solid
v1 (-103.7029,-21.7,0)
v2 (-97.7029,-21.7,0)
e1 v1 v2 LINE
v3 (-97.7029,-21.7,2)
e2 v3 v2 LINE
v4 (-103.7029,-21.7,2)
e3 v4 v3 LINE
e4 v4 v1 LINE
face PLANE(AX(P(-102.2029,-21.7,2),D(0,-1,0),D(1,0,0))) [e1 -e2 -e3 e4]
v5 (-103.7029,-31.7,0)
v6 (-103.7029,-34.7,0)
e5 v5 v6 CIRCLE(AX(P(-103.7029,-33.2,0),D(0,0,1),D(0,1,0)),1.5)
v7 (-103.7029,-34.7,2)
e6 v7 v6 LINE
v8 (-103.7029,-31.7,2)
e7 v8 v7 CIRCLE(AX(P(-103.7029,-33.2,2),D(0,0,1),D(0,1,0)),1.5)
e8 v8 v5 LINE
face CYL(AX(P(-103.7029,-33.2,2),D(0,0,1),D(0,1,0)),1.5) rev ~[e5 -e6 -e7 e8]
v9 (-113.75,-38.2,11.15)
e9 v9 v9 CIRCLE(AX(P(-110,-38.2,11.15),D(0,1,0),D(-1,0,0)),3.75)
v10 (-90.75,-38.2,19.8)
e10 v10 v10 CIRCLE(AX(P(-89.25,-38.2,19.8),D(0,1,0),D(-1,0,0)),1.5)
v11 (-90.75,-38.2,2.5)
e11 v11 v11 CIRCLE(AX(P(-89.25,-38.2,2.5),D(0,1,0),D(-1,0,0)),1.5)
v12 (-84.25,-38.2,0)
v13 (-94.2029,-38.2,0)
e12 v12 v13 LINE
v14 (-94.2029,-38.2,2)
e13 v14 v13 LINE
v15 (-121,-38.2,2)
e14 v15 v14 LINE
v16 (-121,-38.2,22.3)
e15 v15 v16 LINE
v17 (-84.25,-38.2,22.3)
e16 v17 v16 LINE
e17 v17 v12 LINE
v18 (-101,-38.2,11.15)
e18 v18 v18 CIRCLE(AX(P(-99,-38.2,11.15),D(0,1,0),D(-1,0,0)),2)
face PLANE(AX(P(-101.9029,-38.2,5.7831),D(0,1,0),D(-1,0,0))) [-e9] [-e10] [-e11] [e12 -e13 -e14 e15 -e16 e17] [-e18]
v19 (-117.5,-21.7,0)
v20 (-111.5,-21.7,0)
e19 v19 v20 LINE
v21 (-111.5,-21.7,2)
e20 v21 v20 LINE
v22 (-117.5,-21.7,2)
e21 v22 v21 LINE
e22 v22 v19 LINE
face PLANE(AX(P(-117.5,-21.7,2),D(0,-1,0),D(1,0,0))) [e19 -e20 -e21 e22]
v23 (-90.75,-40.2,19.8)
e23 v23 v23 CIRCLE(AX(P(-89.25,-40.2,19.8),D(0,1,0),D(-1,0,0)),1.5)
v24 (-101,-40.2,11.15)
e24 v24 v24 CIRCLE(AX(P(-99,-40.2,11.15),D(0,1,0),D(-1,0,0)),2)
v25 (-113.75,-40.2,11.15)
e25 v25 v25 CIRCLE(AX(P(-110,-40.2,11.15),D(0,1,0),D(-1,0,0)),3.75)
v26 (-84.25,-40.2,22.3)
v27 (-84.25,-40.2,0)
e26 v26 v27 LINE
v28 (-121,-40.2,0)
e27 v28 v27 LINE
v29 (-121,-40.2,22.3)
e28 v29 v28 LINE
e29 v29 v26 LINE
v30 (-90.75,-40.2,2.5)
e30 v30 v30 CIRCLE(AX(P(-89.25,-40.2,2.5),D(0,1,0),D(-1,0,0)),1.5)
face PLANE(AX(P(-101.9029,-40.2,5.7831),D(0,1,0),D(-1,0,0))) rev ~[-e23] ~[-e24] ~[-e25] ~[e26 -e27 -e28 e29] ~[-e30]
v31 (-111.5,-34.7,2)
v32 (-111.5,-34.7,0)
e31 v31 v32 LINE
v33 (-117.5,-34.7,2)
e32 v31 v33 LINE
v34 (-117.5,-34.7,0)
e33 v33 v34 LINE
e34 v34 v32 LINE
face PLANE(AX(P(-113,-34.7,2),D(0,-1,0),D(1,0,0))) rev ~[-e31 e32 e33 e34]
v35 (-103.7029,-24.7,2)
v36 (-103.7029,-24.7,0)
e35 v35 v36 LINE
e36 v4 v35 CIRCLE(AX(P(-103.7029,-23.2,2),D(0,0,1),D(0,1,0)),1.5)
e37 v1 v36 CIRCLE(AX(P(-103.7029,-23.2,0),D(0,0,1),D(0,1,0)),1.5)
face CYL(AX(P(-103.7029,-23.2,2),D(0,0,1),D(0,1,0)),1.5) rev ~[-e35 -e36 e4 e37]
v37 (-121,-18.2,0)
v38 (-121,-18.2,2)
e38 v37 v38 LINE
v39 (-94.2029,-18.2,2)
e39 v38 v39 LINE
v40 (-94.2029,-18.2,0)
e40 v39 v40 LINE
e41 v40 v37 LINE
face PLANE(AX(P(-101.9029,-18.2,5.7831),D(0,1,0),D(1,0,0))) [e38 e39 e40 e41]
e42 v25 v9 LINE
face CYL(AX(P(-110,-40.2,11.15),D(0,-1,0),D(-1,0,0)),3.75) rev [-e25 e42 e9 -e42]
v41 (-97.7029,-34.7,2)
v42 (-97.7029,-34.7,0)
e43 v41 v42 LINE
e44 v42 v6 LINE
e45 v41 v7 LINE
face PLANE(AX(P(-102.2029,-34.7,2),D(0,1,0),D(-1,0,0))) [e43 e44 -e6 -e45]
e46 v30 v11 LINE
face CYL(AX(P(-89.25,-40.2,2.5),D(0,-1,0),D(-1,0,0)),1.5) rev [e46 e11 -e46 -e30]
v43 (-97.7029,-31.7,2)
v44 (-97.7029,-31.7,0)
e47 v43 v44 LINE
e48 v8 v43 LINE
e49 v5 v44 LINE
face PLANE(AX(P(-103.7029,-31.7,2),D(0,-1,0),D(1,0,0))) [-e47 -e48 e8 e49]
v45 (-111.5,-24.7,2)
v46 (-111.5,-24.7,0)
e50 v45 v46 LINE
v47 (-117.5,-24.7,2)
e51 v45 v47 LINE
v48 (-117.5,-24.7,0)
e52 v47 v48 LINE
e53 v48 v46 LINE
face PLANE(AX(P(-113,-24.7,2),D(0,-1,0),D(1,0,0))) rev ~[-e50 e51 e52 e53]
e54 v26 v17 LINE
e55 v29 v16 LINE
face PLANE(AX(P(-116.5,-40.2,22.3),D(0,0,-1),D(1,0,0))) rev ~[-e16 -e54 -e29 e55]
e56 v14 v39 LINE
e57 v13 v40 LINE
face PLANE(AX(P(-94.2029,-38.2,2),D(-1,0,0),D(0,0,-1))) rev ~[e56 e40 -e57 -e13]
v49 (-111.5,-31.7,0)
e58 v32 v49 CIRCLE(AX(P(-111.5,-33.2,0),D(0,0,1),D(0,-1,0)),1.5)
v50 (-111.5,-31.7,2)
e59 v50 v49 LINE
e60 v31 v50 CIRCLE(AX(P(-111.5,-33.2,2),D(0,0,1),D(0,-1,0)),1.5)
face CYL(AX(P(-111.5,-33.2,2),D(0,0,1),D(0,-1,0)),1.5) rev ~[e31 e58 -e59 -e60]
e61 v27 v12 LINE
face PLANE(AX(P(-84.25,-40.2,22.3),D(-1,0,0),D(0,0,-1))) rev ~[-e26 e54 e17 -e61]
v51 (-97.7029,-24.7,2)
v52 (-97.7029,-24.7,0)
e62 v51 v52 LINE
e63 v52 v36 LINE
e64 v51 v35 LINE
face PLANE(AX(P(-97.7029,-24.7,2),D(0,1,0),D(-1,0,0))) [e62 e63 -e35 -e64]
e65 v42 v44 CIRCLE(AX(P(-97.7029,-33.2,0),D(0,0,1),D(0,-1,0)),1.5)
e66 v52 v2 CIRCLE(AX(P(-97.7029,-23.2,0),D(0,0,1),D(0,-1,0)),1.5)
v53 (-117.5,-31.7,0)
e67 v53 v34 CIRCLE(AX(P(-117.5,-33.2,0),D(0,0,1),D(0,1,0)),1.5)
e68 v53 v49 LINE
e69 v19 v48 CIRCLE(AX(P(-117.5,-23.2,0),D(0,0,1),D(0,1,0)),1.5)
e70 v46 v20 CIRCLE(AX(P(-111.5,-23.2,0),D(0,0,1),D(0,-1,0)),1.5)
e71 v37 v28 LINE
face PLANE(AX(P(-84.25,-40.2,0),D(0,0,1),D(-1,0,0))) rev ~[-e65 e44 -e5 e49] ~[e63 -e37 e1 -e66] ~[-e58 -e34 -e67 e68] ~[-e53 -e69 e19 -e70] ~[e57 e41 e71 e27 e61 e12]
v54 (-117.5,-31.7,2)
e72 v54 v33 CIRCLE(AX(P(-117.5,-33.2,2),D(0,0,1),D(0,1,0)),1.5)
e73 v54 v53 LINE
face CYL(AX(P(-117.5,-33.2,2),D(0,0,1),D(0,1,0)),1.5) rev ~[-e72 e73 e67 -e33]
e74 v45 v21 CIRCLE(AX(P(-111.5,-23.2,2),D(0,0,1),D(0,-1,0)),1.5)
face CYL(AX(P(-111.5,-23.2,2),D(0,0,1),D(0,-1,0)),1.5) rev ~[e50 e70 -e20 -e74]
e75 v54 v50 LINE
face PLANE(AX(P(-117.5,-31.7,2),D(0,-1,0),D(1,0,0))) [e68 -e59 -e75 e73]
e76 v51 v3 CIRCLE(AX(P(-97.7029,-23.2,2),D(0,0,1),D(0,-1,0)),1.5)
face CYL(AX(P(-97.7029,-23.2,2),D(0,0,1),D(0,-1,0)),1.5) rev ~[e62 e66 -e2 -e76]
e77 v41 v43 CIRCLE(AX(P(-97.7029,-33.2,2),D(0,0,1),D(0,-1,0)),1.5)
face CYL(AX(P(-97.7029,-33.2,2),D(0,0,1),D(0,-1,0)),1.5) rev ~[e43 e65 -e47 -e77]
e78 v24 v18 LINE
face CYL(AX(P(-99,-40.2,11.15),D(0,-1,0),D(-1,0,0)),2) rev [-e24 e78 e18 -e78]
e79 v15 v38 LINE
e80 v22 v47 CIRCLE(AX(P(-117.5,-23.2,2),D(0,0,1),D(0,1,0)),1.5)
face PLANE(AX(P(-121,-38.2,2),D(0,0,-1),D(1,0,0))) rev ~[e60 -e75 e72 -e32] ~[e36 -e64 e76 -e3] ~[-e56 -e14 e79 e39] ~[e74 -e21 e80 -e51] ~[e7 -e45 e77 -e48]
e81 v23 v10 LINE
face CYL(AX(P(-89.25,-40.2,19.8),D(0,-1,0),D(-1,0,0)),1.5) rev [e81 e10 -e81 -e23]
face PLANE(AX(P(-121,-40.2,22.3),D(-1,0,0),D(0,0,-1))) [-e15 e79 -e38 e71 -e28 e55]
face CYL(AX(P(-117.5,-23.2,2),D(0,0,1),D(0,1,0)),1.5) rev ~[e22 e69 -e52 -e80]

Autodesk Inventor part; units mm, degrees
ref_plane "YZ Plane" through (0, 0, 0) normal (1, 0, 0) x (0, 1, 0)
ref_plane "XZ Plane" through (0, 0, 0) normal (0, 1, 0) x (-1, 0, 0)
ref_plane "XY Plane" through (0, 0, 0) normal (0, 0, 1) x (1, 0, 0)
ref_plane "Work Plane2" through (-101.9029, -40.2, 5.7831) normal (0, 1, 0) x (-1, 0, 0)
sketch "Sketch2" plane through (-101.9029, -40.2, 5.7831) normal (0, 1, 0) x (-1, 0, 0)
  circle A0 centre (8.0971, 5.3669) radius 3.75
  circle A1 centre (-2.9029, 5.3669) radius 2
  circle A2 centre (-12.6529, 14.0169) radius 1.5
  circle A3 centre (-12.6529, -3.2831) radius 1.5
  line L0 (-17.6529, 16.5169) -> (-17.6529, -5.7831)
  line L1 (-17.6529, -5.7831) -> (14.5971, -5.7831)
  line L2 (19.0971, -1.2831) -> (19.0971, 12.0169)
  line L3 (14.5971, 16.5169) -> (-17.6529, 16.5169)
  line L4 (-17.6529, 16.5169) -> (19.0971, 16.5169)
  line L5 (19.0971, 16.5169) -> (19.0971, -5.7831)
  line L6 (19.0971, -5.7831) -> (-17.6529, -5.7831)
  line L7 (-17.6529, -5.7831) -> (-17.6529, 16.5169)
  point P0 (-101.9029, -5.7831)
  point P1 (14.5971, -5.7831)
  point P2 (19.0971, -1.2831)
  point P3 (19.0971, 12.0169)
extrude "Extrusion2" add sketch "Sketch2" along normal blind 2
sketch "Sketch3" plane through (-101.9029, -38.2, 5.7831) normal (0, 1, 0) x (1, 0, 0)
  line L0 (17.6529, 5.7831) -> (-19.0971, 5.7831) projected
  line L1 (12.7, 3.175) -> (7.7, 3.175)
  line L2 (7.7, 3.175) -> (7.7, 5.7831)
  line L3 (7.7, 5.7831) -> (12.7, 5.7831)
  line L4 (12.7, 5.7831) -> (12.7, 3.175)
  line L5 (7.7, 5.7831) -> (-19.0971, 5.7831)
  line L6 (-19.0971, 5.7831) -> (-19.0971, 3.7831)
  line L7 (-19.0971, 3.7831) -> (7.7, 3.7831)
  line L8 (7.7, 3.7831) -> (7.7, 5.7831)
  point P0 (101.9029, 5.7831)
  point P1 (-14.5971, 5.7831)
  point P2 (7.7, 3.7831)
  dimension "d4" = 5
  dimension "d5" = 2
extrude "Extrusion3" add sketch "Sketch3" along normal blind 20 contours L2 L7 L6 L0
sketch "Sketch4" plane through (-121, -38.2, 2) normal (0, 0, 1) x (1, 0, 0)
  line L0 (26.7971, 0) -> (0, 0) projected
  line L1 (26.7971, 0) -> (26.7971, 20) projected
  line L2 (0, 20) -> (26.7971, 20) projected
  line L3 (0, 0) -> (0, 20) projected
  line L4 (18.7971, 16.5) -> (21.7971, 16.5)
  line L5 (18.7971, 16.5) -> (23.2971, 16.5)
  line L6 (23.2971, 13.5) -> (18.7971, 13.5)
  line L7 (18.7971, 3.5) -> (23.2971, 3.5)
  line L8 (23.2971, 6.5) -> (18.7971, 6.5)
  line L9 (3.5, 16.5) -> (5, 16.5)
  line L10 (3.5, 16.5) -> (8, 16.5)
  line L11 (8, 13.5) -> (3.5, 13.5)
  line L12 (3.5, 6.5) -> (5, 6.5)
  line L13 (3.5, 6.5) -> (8, 6.5)
  line L14 (8, 3.5) -> (3.5, 3.5)
  line L15 (18.7971, 3.5) -> (17.2971, 3.5)
  line L16 (17.2971, 6.5) -> (18.7971, 6.5)
  line L17 (8, 3.5) -> (9.5, 3.5)
  line L18 (9.5, 6.5) -> (8, 6.5)
  line L19 (18.7971, 13.5) -> (17.2971, 13.5)
  line L20 (17.2971, 16.5) -> (18.7971, 16.5)
  line L21 (8, 13.5) -> (9.5, 13.5)
  line L22 (9.5, 16.5) -> (8, 16.5)
  arc A0 (3.5, 6.5) -> (3.5, 3.5) centre (3.5, 5) ccw
  arc A1 (9.5, 3.5) -> (9.5, 6.5) centre (9.5, 5) ccw
  arc A2 (17.2971, 6.5) -> (17.2971, 3.5) centre (17.2971, 5) ccw
  arc A3 (23.2971, 3.5) -> (23.2971, 6.5) centre (23.2971, 5) ccw
  arc A4 (23.2971, 13.5) -> (23.2971, 16.5) centre (23.2971, 15) ccw
  arc A5 (17.2971, 16.5) -> (17.2971, 13.5) centre (17.2971, 15) ccw
  arc A6 (9.5, 13.5) -> (9.5, 16.5) centre (9.5, 15) ccw
  arc A7 (3.5, 16.5) -> (3.5, 13.5) centre (3.5, 15) ccw
  point P0 (121, 38.2)
  point P1 (18.7971, 6.5)
  point P2 (8, 6.5)
  point P3 (5, 6.5)
  point P4 (8, 16.5)
  point P5 (18.7971, 16.5)
extrude "Extrusion4" cut sketch "Sketch4" against normal through all contours L4 L5 A4 L6 L19 A5 L20 | L15 A2 L16 L8 A3 L7 | L9 L10 L22 A6 L21 L11 A7 | L12 L13 L18 A1 L17 L14 A0
properties part number "suporte_motor_amarelo"
